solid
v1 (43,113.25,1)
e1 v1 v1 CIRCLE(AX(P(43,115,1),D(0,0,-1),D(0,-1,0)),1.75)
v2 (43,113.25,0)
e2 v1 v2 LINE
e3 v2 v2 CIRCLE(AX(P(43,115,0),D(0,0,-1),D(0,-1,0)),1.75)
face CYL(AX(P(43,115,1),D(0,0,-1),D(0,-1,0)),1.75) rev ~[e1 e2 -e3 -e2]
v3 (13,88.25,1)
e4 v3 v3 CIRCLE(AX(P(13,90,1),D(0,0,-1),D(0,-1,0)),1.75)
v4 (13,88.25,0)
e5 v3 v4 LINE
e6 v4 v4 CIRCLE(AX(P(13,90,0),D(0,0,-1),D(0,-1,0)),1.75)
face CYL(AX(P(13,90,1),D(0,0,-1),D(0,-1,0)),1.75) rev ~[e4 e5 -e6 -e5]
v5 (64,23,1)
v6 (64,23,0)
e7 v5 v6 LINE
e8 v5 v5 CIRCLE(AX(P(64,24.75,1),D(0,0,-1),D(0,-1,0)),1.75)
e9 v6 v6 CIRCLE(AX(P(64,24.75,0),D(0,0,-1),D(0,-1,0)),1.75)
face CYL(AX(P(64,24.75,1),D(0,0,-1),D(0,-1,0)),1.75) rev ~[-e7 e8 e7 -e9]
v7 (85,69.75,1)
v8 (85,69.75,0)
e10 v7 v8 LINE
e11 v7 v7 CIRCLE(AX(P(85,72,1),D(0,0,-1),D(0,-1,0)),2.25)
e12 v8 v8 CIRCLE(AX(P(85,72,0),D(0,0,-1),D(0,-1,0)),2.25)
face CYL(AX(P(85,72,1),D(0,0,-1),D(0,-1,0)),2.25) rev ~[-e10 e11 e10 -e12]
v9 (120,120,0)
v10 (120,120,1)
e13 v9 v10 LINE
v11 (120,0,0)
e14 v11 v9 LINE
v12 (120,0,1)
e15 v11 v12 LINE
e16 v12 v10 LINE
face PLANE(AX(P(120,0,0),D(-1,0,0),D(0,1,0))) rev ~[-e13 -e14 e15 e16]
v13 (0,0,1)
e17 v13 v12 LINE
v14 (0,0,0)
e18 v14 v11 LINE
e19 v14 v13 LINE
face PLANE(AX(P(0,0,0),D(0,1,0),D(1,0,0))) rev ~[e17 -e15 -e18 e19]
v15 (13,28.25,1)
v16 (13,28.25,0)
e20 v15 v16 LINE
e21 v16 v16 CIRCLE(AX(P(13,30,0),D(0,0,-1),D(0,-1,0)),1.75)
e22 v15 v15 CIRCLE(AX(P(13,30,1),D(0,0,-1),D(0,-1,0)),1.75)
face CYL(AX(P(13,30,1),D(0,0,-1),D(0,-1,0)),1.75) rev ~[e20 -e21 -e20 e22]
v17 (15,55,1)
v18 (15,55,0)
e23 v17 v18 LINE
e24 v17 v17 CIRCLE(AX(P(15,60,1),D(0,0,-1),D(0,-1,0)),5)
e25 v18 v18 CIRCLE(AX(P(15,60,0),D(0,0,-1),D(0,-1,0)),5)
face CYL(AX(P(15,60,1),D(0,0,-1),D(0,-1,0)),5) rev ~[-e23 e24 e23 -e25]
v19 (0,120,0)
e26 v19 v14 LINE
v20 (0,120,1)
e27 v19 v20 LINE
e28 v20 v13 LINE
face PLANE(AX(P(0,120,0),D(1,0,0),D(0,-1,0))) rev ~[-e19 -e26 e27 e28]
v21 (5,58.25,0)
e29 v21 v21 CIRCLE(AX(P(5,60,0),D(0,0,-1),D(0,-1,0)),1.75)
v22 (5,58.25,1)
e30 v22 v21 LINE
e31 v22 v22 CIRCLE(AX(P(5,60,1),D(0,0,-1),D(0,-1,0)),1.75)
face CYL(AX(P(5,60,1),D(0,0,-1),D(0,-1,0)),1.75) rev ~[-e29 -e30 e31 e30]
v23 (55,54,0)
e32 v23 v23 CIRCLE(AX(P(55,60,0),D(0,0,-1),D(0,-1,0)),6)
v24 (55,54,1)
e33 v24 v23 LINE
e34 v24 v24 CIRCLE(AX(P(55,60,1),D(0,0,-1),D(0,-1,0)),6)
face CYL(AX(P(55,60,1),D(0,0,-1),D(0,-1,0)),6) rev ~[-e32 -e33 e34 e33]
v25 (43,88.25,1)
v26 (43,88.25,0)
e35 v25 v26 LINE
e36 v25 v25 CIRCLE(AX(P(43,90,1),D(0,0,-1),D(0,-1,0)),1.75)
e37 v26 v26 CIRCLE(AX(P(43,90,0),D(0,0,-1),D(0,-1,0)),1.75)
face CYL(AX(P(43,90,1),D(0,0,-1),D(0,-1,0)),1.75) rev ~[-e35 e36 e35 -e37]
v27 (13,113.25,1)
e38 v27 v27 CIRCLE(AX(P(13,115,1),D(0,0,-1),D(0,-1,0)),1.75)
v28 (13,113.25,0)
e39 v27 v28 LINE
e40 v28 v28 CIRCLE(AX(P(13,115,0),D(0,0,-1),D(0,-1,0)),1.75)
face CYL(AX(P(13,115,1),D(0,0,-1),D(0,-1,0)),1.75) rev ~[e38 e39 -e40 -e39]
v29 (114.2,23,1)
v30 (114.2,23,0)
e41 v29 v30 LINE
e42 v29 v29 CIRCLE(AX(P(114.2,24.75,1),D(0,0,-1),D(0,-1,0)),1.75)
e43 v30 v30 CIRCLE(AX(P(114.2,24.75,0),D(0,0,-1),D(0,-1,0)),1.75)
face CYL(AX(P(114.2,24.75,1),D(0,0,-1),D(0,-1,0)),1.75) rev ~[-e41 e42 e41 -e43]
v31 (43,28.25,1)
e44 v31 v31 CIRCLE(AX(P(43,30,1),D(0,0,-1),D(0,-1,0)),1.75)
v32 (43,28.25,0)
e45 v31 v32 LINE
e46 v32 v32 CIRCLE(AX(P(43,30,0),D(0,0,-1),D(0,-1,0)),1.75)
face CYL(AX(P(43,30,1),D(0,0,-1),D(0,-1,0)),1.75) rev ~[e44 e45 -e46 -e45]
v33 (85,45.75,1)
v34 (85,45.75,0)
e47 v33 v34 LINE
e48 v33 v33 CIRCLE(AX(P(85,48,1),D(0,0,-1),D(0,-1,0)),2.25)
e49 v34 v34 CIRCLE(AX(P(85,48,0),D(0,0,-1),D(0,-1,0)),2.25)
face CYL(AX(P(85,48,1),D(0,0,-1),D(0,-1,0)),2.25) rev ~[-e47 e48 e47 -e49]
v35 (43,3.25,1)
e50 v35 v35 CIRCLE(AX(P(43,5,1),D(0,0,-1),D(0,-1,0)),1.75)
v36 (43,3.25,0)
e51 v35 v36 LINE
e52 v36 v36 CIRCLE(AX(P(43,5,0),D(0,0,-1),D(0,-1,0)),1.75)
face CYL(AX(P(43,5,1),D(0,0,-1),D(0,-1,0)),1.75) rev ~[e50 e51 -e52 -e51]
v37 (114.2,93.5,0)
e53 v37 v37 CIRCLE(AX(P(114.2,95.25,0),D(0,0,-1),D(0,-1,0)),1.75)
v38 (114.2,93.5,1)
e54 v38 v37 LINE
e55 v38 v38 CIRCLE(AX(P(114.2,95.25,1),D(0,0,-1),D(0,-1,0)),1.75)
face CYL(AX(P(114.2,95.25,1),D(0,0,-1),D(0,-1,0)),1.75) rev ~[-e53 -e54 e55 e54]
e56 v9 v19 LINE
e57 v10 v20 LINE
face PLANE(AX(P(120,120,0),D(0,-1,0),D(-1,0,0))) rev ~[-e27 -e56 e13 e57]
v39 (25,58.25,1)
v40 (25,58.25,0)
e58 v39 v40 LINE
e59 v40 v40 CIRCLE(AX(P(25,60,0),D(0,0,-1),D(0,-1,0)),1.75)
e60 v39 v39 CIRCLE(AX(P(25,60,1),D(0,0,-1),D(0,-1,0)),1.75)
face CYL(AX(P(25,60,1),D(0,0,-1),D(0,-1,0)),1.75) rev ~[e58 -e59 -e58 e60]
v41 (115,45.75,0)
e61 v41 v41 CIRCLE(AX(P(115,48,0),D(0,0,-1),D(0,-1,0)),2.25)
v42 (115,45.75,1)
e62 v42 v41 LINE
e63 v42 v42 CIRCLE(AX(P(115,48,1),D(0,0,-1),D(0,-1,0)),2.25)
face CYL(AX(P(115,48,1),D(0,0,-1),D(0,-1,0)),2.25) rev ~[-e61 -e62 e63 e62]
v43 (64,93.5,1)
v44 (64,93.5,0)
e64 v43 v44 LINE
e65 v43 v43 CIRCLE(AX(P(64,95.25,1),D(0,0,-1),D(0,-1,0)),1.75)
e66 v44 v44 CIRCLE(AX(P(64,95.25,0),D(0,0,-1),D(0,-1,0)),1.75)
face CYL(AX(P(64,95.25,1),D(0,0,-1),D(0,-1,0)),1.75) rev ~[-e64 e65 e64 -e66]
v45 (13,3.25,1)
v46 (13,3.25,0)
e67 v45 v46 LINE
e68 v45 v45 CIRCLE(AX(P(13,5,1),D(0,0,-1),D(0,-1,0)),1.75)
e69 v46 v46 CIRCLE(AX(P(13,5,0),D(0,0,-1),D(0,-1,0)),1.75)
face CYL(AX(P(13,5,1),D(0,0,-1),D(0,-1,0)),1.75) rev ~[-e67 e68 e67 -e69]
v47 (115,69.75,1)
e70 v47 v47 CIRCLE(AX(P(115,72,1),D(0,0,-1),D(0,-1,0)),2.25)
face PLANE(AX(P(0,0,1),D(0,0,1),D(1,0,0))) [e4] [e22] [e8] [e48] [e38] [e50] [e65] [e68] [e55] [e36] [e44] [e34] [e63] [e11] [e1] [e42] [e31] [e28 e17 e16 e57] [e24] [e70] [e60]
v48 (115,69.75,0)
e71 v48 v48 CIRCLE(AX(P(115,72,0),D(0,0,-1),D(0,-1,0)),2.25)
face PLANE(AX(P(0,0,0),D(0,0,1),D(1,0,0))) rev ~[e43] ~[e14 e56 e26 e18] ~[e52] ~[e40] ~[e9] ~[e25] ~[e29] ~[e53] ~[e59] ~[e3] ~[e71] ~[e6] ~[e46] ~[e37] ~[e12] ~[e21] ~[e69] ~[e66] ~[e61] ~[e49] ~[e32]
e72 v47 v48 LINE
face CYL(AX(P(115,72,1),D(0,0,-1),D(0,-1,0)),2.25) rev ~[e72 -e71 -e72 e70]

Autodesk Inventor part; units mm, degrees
ref_plane "YZ Plane" through (0, 0, 0) normal (1, 0, 0) x (0, 1, 0)
ref_plane "XZ Plane" through (0, 0, 0) normal (0, 1, 0) x (-1, 0, 0)
ref_plane "XY Plane" through (0, 0, 0) normal (0, 0, 1) x (1, 0, 0)
sketch "スケッチ1" plane through (0, 0, 0) normal (0, 0, 1) x (1, 0, 0)
  line L0 (0, 0) -> (120, 0)
  line L1 (120, 0) -> (120, 120)
  line L2 (120, 120) -> (0, 120)
  line L3 (0, 120) -> (0, 0)
  dimension "d1" = 120
  dimension "d2" = 120
extrude "押し出し1" add sketch "スケッチ1" along normal blind 1
sketch "スケッチ2" plane through (0, 0, 1) normal (0, 0, 1) x (1, 0, 0)
  line L0 (0, 120) -> (0, 0) projected
  line L1 (0, 60) -> (120, 60) construction
  line L2 (120, 0) -> (120, 120) projected
  line L3 (120, 120) -> (0, 120) projected
  point P0 (13, 115)
  point P1 (13, 90)
  point P2 (43, 115)
  point P3 (43, 90)
  dimension "d8" = 13
  dimension "d9" = 5
  dimension "d12" = 25
  dimension "d15" = 30
hole "穴1" at (13, 115, 1) at (13, 90, 1) at (43, 115, 1) at (43, 90, 1) direction (0, 0, -1) diameter 3.5 end through all
sketch "スケッチ3" plane through (0, 0, 1) normal (0, 0, 1) x (1, 0, 0)
  line L0 (0, 120) -> (0, 0) projected
  line L1 (0, 0) -> (120, 0) projected
  point P0 (13, 5)
  point P1 (43, 5)
  point P2 (13, 30)
  point P3 (43, 30)
  dimension "d25" = 13
  dimension "d26" = 5
  dimension "d29" = 30
  dimension "d32" = 25
hole "穴2" at (13, 5, 1) at (43, 5, 1) at (13, 30, 1) at (43, 30, 1) direction (0, 0, -1) diameter 3.5 end through all
sketch "スケッチ4" plane through (0, 0, 1) normal (0, 0, 1) x (1, 0, 0)
  line L0 (0, 120) -> (0, 0) projected
  line L1 (0, 60) -> (120, 60) construction
  line L2 (120, 0) -> (120, 120) projected
  line L3 (120, 120) -> (0, 120) projected
  point P0 (5, 60)
  point P1 (25, 60)
  dimension "d42" = 5
  dimension "d43" = 60
  dimension "d46" = 20
hole "穴3" at (5, 60, 1) at (25, 60, 1) direction (0, 0, -1) diameter 3.5 end through all
sketch "スケッチ5" plane through (0, 0, 1) normal (0, 0, 1) x (1, 0, 0)
  line L0 (0, 120) -> (0, 0) projected
  line L1 (120, 120) -> (0, 120) projected
  point P0 (15, 60)
  dimension "d58" = 15
  dimension "d59" = 60
hole "穴4" at (15, 60, 1) direction (0, 0, -1) diameter 10 end through all
sketch "スケッチ6" plane through (0, 0, 1) normal (0, 0, 1) x (1, 0, 0)
  line L0 (0, 120) -> (0, 0) projected
  line L1 (120, 120) -> (0, 120) projected
  point P0 (55, 60)
  dimension "d67" = 55
  dimension "d68" = 60
hole "穴5" at (55, 60, 1) direction (0, 0, -1) diameter 12 end through all
sketch "スケッチ7" plane through (0, 0, 1) normal (0, 0, 1) x (1, 0, 0)
  line L0 (0, 120) -> (0, 0) projected
  line L1 (0, 60) -> (120, 60) construction
  line L2 (120, 0) -> (120, 120) projected
  line L3 (120, 120) -> (0, 120) projected
  point P0 (64, 95.25)
  point P1 (64, 24.75)
  point P2 (114.2, 95.25)
  point P3 (114.2, 24.75)
  dimension "d76" = 64
  dimension "d77" = 24.75
  dimension "d80" = 70.5
  dimension "d83" = 50.2
hole "穴6" at (64, 95.25, 1) at (64, 24.75, 1) at (114.2, 95.25, 1) at (114.2, 24.75, 1) direction (0, 0, -1) diameter 3.5 end through all
sketch "スケッチ8" plane through (0, 0, 1) normal (0, 0, 1) x (1, 0, 0)
  line L0 (0, 120) -> (0, 0) projected
  line L1 (120, 120) -> (0, 120) projected
  point P0 (85, 72)
  point P1 (85, 48)
  point P2 (115, 72)
  point P3 (115, 48)
  dimension "d93" = 85
  dimension "d94" = 48
  dimension "d97" = 24
  dimension "d100" = 30
hole "穴7" at (85, 72, 1) at (85, 48, 1) at (115, 72, 1) at (115, 48, 1) direction (0, 0, -1) diameter 4.5 end through all
properties part number "RD002"
